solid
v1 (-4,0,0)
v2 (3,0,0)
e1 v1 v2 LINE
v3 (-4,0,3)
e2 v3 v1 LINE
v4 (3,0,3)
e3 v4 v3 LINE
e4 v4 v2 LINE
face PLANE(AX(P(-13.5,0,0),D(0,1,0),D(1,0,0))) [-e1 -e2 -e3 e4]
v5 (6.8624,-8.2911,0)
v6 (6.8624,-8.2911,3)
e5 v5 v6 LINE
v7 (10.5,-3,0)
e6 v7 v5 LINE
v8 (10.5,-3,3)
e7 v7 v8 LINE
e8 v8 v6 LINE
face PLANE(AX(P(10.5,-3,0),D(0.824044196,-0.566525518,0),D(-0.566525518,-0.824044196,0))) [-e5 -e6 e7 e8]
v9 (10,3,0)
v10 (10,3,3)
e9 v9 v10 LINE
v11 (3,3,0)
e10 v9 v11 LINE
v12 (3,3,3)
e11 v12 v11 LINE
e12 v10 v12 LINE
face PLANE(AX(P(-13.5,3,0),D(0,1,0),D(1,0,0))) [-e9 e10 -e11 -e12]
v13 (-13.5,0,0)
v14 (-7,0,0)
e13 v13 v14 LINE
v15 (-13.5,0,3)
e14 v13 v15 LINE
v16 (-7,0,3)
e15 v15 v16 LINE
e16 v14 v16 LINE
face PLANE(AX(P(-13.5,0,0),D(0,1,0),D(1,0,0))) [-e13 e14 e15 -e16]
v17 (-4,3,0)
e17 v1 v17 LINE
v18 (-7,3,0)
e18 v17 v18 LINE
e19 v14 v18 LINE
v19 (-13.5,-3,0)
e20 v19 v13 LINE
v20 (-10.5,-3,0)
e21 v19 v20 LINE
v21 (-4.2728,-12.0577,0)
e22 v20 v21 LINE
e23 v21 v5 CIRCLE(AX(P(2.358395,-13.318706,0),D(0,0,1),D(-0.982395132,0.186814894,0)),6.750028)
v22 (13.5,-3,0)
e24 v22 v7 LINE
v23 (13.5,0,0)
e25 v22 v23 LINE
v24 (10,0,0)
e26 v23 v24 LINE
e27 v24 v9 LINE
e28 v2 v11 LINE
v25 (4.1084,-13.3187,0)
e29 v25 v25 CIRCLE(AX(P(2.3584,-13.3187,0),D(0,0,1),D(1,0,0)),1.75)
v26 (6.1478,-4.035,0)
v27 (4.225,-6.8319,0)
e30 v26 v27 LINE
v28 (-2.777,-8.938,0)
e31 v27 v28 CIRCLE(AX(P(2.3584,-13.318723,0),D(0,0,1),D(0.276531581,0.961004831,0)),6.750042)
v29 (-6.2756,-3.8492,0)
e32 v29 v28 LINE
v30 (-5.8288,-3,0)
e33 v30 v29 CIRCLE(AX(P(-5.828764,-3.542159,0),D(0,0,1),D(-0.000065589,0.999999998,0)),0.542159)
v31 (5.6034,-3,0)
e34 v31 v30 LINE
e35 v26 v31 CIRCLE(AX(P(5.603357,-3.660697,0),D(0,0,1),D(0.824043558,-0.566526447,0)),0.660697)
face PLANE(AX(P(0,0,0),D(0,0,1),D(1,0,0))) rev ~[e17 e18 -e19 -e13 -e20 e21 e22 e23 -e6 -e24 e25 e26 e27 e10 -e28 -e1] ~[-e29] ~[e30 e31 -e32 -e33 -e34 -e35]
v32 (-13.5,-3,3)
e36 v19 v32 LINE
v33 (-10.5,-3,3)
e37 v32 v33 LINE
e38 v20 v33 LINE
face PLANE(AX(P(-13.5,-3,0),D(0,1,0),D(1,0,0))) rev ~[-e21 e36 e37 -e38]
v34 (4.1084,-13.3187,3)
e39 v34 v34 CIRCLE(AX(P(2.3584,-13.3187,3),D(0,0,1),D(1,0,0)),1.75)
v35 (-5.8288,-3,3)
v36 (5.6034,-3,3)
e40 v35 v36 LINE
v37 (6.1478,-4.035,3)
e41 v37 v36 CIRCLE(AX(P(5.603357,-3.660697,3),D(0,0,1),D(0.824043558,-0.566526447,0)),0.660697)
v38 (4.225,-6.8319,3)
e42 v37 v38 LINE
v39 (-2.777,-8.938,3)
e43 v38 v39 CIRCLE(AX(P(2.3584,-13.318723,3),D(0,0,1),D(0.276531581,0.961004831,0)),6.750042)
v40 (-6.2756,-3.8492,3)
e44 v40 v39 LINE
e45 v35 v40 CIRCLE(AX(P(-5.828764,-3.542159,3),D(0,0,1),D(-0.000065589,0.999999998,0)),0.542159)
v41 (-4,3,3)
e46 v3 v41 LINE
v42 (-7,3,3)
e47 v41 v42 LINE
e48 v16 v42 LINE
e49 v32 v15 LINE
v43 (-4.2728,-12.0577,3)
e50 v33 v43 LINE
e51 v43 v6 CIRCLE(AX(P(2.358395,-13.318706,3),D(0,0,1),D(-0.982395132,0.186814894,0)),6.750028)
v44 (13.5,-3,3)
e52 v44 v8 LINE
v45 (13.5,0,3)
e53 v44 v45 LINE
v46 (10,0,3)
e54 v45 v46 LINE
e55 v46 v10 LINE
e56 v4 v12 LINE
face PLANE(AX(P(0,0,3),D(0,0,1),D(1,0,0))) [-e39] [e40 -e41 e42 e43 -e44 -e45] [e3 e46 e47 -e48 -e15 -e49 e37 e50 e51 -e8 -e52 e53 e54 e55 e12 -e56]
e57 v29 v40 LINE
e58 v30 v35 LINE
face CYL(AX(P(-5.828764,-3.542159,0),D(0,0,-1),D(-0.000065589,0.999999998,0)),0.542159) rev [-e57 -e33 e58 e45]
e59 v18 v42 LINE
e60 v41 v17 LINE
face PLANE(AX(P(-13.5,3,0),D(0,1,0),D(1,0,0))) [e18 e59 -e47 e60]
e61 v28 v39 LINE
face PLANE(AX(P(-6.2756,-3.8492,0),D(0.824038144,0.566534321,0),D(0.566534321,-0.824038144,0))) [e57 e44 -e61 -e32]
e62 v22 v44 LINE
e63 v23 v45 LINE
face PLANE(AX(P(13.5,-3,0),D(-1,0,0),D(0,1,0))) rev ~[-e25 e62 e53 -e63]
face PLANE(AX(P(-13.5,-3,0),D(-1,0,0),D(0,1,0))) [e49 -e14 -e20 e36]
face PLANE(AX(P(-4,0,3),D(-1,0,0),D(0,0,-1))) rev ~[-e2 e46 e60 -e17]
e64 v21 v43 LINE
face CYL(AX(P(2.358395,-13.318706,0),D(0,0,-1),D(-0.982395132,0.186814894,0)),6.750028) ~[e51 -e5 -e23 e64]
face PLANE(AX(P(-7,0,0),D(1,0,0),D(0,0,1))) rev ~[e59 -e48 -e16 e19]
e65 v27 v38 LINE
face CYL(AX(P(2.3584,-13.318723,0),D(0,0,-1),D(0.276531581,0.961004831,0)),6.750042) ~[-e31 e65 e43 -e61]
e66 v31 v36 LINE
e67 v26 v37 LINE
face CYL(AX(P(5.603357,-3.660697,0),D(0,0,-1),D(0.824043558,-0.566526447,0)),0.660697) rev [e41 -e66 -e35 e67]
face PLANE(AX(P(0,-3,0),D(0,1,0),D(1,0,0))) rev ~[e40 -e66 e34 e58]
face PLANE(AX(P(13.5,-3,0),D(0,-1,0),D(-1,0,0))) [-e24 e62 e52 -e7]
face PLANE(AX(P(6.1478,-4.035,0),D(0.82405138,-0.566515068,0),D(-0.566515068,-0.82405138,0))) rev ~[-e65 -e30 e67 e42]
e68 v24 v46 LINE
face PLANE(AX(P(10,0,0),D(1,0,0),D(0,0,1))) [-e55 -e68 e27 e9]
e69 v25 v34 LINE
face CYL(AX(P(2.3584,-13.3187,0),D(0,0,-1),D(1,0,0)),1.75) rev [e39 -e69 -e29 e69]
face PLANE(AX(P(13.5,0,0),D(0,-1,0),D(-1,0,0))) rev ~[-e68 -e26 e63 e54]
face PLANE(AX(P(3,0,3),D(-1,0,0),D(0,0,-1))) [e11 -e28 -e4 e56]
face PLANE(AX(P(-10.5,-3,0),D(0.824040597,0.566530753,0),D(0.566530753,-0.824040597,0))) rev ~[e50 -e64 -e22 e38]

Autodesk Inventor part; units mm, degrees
ref_plane "YZ Plane" through (0, 0, 0) normal (1, 0, 0) x (0, 1, 0)
ref_plane "XZ Plane" through (0, 0, 0) normal (0, 1, 0) x (-1, 0, 0)
ref_plane "XY Plane" through (0, 0, 0) normal (0, 0, 1) x (1, 0, 0)
sketch "Esboço1" plane through (0, 0, 0) normal (0, 0, 1) x (1, 0, 0)
  line L0 (-13.5, 0) -> (0, 0)
  line L1 (-13.5, -3) -> (-13.5, 0)
  circle A0 centre (2.3584, -13.3187) radius 1.75
  arc A1 (-5.8288, -3) -> (-6.2756, -3.8492) centre (-5.8288, -3.5421) ccw
  line L2 (-13.5, -3) -> (-10.5, -3)
  line L3 (-6.2756, -3.8492) -> (-2.777, -8.938)
  line L4 (-10.5, -3) -> (-4.2728, -12.0577)
  line L5 (13.5, 0) -> (0, 0)
  line L6 (13.5, -3) -> (13.5, 0)
  line L7 (13.5, -3) -> (10.5, -3)
  line L8 (6.1478, -4.035) -> (4.225, -6.8319)
  arc A2 (6.1478, -4.035) -> (5.6034, -3) centre (5.6034, -3.6607) ccw
  line L9 (0, -3) -> (-5.8288, -3)
  line L10 (-10.5, -3) -> (-13.5, -3)
  line L11 (0, -3) -> (5.6034, -3)
  line L12 (10.5, -3) -> (13.5, -3)
  line L13 (10.5, -3) -> (6.8624, -8.2911)
  arc A3 (4.225, -6.8319) -> (-2.777, -8.938) centre (2.3584, -13.3187) ccw
  arc A4 (-4.2728, -12.0577) -> (6.8624, -8.2911) centre (2.3584, -13.3187) ccw
  point P0 (-6.8594, -3)
  point P1 (6.8594, -3)
  dimension "d0" = 3.5
  dimension "d1" = 3
  dimension "d2" = 3
  dimension "d3" = 3
extrude "Extrusão1" add sketch "Esboço1" along normal blind 3
sketch "Esboço2" plane through (-13.5, 0, 0) normal (0, 1, 0) x (1, 0, 0)
  line L0 (0, 0) -> (3, 0) projected
  line L1 (27, 0) -> (0, 0) projected
  line L2 (27, -3) -> (0, -3) projected
  line L3 (6.5, -3) -> (9.5, -3)
  line L4 (9.5, -3) -> (9.5, 0)
  line L5 (9.5, 0) -> (6.5, 0)
  line L6 (6.5, 0) -> (6.5, -3)
  line L7 (23.5, -3) -> (16.5, -3)
  line L8 (16.5, -3) -> (16.5, 0)
  line L9 (16.5, 0) -> (23.5, 0)
  line L10 (23.5, 0) -> (23.5, -3)
  point P0 (13.5, 0)
  dimension "d14" = 3
  dimension "d15" = 3
  dimension "d17" = 7
  dimension "d18" = 3
extrude "Extrusão2" add sketch "Esboço2" along normal blind 3 contours L10 L2 L8 L1 | L4 L2 L6 L1
properties part number "RODAl"
